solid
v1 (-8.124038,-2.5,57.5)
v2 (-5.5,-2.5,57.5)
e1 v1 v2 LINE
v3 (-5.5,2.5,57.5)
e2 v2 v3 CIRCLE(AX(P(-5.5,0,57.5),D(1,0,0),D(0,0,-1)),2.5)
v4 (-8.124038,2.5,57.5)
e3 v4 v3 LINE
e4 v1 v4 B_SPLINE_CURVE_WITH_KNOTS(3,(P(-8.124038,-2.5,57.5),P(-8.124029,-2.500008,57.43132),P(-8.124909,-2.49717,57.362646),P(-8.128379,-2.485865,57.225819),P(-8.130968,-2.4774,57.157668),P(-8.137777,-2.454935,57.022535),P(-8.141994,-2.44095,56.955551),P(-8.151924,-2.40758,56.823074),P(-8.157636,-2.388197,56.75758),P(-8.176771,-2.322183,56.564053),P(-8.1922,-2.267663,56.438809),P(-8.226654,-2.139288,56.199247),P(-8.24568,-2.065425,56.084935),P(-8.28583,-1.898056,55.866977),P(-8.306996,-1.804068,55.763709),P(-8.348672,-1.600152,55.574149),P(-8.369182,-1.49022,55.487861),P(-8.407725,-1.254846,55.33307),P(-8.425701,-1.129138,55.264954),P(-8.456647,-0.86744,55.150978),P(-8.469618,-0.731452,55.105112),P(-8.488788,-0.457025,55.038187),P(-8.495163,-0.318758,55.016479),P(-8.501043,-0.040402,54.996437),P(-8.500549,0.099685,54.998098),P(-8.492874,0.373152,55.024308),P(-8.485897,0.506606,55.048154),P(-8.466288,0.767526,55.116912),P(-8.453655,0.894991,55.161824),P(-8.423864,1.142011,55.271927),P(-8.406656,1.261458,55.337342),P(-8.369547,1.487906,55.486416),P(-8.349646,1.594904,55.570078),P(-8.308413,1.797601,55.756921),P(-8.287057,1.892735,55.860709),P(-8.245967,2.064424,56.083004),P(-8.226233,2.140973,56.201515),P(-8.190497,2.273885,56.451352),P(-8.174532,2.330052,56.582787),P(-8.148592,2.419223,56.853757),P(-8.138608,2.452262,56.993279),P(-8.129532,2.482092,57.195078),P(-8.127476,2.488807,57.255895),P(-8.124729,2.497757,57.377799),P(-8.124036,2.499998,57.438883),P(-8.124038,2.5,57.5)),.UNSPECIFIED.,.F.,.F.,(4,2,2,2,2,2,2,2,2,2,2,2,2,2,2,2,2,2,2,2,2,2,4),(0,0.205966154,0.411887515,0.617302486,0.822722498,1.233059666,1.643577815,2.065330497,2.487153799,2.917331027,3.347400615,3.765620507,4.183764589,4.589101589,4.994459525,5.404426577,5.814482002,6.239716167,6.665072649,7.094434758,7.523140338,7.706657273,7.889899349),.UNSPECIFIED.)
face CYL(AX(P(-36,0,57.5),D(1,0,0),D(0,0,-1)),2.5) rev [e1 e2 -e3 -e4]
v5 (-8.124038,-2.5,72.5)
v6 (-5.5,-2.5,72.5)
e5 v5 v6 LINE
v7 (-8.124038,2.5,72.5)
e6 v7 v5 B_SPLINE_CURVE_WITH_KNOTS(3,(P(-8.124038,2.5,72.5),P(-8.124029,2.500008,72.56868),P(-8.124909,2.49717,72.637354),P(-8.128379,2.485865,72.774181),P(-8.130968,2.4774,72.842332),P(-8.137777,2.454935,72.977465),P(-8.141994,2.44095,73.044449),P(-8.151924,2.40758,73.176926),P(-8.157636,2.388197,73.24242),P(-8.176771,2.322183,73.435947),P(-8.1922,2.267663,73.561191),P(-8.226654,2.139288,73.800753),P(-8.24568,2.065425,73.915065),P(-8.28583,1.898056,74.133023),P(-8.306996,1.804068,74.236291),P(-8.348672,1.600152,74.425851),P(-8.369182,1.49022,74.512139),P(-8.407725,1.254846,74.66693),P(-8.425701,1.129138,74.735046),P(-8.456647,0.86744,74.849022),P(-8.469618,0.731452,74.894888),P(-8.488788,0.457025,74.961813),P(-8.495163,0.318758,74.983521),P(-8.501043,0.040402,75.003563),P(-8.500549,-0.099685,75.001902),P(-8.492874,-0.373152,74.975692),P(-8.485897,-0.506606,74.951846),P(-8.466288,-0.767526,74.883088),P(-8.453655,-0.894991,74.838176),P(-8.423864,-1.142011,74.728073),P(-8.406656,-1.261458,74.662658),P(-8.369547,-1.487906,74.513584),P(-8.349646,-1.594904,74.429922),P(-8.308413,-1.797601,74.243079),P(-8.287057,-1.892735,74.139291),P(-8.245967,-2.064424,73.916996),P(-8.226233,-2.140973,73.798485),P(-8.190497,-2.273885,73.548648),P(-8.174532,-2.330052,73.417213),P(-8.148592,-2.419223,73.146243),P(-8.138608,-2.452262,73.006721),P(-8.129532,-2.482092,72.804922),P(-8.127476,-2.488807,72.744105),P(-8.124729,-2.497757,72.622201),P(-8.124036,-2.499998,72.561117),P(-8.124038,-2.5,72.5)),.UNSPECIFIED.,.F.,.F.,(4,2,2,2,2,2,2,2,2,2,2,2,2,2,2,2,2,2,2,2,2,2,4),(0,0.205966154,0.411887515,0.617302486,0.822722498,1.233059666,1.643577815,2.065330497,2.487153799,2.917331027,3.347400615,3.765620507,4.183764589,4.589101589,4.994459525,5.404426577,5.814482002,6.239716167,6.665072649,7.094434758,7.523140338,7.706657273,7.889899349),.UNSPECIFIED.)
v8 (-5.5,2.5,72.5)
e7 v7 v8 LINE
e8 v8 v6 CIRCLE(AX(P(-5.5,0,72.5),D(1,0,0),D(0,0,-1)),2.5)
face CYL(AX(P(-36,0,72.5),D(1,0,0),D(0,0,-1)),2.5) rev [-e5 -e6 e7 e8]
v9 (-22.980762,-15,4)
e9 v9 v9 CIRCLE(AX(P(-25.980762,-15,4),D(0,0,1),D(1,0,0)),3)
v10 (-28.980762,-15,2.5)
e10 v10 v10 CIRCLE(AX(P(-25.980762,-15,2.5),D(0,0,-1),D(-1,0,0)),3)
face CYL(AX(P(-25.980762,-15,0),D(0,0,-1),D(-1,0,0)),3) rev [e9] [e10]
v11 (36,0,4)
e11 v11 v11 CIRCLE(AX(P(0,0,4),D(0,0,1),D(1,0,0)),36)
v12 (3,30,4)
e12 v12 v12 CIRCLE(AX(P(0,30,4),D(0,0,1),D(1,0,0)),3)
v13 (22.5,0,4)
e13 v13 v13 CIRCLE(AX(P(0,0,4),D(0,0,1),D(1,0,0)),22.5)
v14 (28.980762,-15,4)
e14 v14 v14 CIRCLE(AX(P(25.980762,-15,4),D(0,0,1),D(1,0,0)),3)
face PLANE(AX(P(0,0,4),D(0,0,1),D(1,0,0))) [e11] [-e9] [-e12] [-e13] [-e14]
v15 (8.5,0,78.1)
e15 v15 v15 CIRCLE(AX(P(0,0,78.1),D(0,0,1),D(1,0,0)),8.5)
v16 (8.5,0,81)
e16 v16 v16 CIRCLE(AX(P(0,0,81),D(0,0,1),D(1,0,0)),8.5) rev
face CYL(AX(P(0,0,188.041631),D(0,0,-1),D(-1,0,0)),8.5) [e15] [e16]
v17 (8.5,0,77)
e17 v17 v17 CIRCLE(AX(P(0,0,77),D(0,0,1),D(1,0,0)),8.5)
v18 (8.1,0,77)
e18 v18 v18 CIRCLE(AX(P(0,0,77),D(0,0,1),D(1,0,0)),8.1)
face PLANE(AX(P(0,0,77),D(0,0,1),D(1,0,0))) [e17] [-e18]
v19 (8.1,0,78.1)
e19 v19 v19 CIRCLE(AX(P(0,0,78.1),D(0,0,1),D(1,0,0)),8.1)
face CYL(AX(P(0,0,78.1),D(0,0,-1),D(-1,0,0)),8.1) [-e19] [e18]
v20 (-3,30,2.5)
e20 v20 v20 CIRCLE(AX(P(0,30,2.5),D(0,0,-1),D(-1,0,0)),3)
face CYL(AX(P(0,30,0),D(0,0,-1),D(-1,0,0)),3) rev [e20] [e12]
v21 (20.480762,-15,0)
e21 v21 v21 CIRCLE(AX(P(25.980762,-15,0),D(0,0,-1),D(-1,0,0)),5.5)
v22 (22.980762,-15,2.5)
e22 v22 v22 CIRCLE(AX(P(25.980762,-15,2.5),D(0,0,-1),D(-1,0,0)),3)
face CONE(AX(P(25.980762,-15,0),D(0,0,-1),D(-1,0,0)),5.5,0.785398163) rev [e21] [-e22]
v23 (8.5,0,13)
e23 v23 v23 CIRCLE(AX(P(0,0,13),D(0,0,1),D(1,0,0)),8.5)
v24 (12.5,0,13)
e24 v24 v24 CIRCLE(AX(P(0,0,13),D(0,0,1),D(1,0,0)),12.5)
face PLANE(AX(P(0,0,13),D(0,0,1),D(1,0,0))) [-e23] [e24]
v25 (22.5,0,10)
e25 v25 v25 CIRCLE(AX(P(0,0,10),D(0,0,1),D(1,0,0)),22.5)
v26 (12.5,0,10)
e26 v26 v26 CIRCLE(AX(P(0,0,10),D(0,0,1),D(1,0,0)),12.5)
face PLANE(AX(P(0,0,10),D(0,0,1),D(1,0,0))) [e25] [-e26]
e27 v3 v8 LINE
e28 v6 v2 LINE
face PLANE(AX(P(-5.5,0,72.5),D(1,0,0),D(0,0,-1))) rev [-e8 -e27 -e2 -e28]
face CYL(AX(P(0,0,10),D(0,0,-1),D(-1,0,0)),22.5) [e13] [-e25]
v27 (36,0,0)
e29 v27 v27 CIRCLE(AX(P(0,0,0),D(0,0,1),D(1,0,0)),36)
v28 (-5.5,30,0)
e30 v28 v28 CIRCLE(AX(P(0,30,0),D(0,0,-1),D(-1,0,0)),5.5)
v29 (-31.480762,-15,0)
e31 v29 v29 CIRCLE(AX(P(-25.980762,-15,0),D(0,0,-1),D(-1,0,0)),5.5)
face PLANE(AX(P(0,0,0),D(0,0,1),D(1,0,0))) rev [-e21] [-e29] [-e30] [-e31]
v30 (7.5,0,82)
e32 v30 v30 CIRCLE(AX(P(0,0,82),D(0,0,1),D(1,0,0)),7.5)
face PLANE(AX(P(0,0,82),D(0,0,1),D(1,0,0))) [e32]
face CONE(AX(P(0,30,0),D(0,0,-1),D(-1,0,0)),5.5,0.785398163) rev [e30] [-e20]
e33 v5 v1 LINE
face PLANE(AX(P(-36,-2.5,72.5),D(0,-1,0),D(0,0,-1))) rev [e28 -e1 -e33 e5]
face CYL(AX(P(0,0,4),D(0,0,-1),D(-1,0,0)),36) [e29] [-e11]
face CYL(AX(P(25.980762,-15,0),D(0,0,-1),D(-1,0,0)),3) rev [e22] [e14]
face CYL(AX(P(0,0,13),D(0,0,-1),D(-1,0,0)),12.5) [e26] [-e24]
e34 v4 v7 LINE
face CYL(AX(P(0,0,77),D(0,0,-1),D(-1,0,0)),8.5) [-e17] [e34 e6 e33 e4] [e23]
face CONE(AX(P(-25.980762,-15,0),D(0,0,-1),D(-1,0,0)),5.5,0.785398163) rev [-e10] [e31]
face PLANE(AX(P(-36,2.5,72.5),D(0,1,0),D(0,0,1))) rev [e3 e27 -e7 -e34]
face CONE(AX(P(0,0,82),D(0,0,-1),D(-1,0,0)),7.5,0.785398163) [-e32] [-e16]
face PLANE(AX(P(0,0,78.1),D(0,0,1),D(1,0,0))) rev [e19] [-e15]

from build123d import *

# Parameters (mm, degrees)
SKETCH_1_R                     = 36
EXTRUDE_1_DEPTH                = 4
SKETCH_2_R                     = 22.5
EXTRUDE_2_DEPTH                = 6
SKETCH_3_R                     = 12.5
EXTRUDE_3_DEPTH                = 3
SKETCH_4_R                     = 8.5
EXTRUDE_4_DEPTH                = 64
SKETCH_5_R                     = 8.1
EXTRUDE_5_DEPTH                = 1.1
SKETCH_6_R                     = 8.5
EXTRUDE_6_DEPTH                = 3.9
CHAMFER_1_SIZE                 = 1
HOLE_WIZARD_6_0_6_1_AT_2_COUNT = 2
HOLE_WIZARD_6_0_6_1_AT_2_PITCH = 51.961524227
HOLE_WIZARD_6_0_6_1_AT_3_COUNT = 2
HOLE_WIZARD_6_0_6_1_AT_3_PITCH = 51.961524227
CUT_EXTRUDE_START              = -5.5
CUT_EXTRUDE_1_DEPTH            = 92.019428096


with BuildPart() as part:
    # 草图1 → 凸台-拉伸1 (new body)
    with BuildSketch(Plane.XY):
        Circle(SKETCH_1_R)
    extrude(amount=EXTRUDE_1_DEPTH)

    # 草图2 → 凸台-拉伸2 (add)
    with BuildSketch(Plane.XY.offset(4)):
        Circle(SKETCH_2_R)
    extrude(amount=EXTRUDE_2_DEPTH)

    # 草图3 → 凸台-拉伸3 (add)
    with BuildSketch(Plane.XY.offset(10)):
        Circle(SKETCH_3_R)
    extrude(amount=EXTRUDE_3_DEPTH)

    # 草图4 → 凸台-拉伸4 (add)
    with BuildSketch(Plane.XY.offset(13)):
        Circle(SKETCH_4_R)
    extrude(amount=EXTRUDE_4_DEPTH)

    # 草图5 → 凸台-拉伸5 (add)
    with BuildSketch(Plane.XY.offset(77)):
        Circle(SKETCH_5_R)
    extrude(amount=EXTRUDE_5_DEPTH)

    # 草图6 → 凸台-拉伸6 (add)
    with BuildSketch(Plane.XY.offset(78.1)):
        Circle(SKETCH_6_R)
    extrude(amount=EXTRUDE_6_DEPTH)

    # 倒角1
    chamfer_1_edges = [part.edges().sort_by_distance(p)[0] for p in [
        (-8.5, 0, 82),
    ]]
    chamfer(chamfer_1_edges, length=CHAMFER_1_SIZE)

    # 草图8 → Ø6.0 (6) 直径孔1 (revolve, cut)
    with BuildSketch(Plane(origin=(-25.980762114, -15, 0), x_dir=(0, 1, 0), z_dir=(1, 0, 0))):
        Polygon((0, 0), (0, 4), (3, 4), (3, 2.5), (5.5, 0), align=None)
    hole_wizard_6_0_6_1 = revolve(axis=Axis((-25.980762114, -15, -6.35), (0, 0, 1)), mode=Mode.SUBTRACT)

    # Ø6.0 (6) 直径孔1 at 2: Ø6.0 (6) 直径孔1 ×2
    with Locations(*[Vector(0.499999999999998, 0.8660254037844398, 0) * (i * HOLE_WIZARD_6_0_6_1_AT_2_PITCH) for i in range(1, HOLE_WIZARD_6_0_6_1_AT_2_COUNT)]):
        add(hole_wizard_6_0_6_1, mode=Mode.SUBTRACT)

    # Ø6.0 (6) 直径孔1 at 3: Ø6.0 (6) 直径孔1 ×2
    with Locations(*[(i * HOLE_WIZARD_6_0_6_1_AT_3_PITCH, 0, 0) for i in range(1, HOLE_WIZARD_6_0_6_1_AT_3_COUNT)]):
        add(hole_wizard_6_0_6_1, mode=Mode.SUBTRACT)

    # 草图9 → 切除-拉伸1 (cut, through all)
    with BuildSketch(Plane(origin=(0, 0, 0), x_dir=(0, 0, -1), z_dir=(1, 0, 0)).offset(CUT_EXTRUDE_START)):
        with BuildLine():
            Line((-72.5, 2.5), (-57.5, 2.5))
            ThreePointArc((-57.5, 2.5), (-55, 0), (-57.5, -2.5))
            Line((-57.5, -2.5), (-72.5, -2.5))
            ThreePointArc((-72.5, -2.5), (-75, 0), (-72.5, 2.5))
        make_face()
    extrude(amount=-CUT_EXTRUDE_1_DEPTH, mode=Mode.SUBTRACT)


solid = part.part
